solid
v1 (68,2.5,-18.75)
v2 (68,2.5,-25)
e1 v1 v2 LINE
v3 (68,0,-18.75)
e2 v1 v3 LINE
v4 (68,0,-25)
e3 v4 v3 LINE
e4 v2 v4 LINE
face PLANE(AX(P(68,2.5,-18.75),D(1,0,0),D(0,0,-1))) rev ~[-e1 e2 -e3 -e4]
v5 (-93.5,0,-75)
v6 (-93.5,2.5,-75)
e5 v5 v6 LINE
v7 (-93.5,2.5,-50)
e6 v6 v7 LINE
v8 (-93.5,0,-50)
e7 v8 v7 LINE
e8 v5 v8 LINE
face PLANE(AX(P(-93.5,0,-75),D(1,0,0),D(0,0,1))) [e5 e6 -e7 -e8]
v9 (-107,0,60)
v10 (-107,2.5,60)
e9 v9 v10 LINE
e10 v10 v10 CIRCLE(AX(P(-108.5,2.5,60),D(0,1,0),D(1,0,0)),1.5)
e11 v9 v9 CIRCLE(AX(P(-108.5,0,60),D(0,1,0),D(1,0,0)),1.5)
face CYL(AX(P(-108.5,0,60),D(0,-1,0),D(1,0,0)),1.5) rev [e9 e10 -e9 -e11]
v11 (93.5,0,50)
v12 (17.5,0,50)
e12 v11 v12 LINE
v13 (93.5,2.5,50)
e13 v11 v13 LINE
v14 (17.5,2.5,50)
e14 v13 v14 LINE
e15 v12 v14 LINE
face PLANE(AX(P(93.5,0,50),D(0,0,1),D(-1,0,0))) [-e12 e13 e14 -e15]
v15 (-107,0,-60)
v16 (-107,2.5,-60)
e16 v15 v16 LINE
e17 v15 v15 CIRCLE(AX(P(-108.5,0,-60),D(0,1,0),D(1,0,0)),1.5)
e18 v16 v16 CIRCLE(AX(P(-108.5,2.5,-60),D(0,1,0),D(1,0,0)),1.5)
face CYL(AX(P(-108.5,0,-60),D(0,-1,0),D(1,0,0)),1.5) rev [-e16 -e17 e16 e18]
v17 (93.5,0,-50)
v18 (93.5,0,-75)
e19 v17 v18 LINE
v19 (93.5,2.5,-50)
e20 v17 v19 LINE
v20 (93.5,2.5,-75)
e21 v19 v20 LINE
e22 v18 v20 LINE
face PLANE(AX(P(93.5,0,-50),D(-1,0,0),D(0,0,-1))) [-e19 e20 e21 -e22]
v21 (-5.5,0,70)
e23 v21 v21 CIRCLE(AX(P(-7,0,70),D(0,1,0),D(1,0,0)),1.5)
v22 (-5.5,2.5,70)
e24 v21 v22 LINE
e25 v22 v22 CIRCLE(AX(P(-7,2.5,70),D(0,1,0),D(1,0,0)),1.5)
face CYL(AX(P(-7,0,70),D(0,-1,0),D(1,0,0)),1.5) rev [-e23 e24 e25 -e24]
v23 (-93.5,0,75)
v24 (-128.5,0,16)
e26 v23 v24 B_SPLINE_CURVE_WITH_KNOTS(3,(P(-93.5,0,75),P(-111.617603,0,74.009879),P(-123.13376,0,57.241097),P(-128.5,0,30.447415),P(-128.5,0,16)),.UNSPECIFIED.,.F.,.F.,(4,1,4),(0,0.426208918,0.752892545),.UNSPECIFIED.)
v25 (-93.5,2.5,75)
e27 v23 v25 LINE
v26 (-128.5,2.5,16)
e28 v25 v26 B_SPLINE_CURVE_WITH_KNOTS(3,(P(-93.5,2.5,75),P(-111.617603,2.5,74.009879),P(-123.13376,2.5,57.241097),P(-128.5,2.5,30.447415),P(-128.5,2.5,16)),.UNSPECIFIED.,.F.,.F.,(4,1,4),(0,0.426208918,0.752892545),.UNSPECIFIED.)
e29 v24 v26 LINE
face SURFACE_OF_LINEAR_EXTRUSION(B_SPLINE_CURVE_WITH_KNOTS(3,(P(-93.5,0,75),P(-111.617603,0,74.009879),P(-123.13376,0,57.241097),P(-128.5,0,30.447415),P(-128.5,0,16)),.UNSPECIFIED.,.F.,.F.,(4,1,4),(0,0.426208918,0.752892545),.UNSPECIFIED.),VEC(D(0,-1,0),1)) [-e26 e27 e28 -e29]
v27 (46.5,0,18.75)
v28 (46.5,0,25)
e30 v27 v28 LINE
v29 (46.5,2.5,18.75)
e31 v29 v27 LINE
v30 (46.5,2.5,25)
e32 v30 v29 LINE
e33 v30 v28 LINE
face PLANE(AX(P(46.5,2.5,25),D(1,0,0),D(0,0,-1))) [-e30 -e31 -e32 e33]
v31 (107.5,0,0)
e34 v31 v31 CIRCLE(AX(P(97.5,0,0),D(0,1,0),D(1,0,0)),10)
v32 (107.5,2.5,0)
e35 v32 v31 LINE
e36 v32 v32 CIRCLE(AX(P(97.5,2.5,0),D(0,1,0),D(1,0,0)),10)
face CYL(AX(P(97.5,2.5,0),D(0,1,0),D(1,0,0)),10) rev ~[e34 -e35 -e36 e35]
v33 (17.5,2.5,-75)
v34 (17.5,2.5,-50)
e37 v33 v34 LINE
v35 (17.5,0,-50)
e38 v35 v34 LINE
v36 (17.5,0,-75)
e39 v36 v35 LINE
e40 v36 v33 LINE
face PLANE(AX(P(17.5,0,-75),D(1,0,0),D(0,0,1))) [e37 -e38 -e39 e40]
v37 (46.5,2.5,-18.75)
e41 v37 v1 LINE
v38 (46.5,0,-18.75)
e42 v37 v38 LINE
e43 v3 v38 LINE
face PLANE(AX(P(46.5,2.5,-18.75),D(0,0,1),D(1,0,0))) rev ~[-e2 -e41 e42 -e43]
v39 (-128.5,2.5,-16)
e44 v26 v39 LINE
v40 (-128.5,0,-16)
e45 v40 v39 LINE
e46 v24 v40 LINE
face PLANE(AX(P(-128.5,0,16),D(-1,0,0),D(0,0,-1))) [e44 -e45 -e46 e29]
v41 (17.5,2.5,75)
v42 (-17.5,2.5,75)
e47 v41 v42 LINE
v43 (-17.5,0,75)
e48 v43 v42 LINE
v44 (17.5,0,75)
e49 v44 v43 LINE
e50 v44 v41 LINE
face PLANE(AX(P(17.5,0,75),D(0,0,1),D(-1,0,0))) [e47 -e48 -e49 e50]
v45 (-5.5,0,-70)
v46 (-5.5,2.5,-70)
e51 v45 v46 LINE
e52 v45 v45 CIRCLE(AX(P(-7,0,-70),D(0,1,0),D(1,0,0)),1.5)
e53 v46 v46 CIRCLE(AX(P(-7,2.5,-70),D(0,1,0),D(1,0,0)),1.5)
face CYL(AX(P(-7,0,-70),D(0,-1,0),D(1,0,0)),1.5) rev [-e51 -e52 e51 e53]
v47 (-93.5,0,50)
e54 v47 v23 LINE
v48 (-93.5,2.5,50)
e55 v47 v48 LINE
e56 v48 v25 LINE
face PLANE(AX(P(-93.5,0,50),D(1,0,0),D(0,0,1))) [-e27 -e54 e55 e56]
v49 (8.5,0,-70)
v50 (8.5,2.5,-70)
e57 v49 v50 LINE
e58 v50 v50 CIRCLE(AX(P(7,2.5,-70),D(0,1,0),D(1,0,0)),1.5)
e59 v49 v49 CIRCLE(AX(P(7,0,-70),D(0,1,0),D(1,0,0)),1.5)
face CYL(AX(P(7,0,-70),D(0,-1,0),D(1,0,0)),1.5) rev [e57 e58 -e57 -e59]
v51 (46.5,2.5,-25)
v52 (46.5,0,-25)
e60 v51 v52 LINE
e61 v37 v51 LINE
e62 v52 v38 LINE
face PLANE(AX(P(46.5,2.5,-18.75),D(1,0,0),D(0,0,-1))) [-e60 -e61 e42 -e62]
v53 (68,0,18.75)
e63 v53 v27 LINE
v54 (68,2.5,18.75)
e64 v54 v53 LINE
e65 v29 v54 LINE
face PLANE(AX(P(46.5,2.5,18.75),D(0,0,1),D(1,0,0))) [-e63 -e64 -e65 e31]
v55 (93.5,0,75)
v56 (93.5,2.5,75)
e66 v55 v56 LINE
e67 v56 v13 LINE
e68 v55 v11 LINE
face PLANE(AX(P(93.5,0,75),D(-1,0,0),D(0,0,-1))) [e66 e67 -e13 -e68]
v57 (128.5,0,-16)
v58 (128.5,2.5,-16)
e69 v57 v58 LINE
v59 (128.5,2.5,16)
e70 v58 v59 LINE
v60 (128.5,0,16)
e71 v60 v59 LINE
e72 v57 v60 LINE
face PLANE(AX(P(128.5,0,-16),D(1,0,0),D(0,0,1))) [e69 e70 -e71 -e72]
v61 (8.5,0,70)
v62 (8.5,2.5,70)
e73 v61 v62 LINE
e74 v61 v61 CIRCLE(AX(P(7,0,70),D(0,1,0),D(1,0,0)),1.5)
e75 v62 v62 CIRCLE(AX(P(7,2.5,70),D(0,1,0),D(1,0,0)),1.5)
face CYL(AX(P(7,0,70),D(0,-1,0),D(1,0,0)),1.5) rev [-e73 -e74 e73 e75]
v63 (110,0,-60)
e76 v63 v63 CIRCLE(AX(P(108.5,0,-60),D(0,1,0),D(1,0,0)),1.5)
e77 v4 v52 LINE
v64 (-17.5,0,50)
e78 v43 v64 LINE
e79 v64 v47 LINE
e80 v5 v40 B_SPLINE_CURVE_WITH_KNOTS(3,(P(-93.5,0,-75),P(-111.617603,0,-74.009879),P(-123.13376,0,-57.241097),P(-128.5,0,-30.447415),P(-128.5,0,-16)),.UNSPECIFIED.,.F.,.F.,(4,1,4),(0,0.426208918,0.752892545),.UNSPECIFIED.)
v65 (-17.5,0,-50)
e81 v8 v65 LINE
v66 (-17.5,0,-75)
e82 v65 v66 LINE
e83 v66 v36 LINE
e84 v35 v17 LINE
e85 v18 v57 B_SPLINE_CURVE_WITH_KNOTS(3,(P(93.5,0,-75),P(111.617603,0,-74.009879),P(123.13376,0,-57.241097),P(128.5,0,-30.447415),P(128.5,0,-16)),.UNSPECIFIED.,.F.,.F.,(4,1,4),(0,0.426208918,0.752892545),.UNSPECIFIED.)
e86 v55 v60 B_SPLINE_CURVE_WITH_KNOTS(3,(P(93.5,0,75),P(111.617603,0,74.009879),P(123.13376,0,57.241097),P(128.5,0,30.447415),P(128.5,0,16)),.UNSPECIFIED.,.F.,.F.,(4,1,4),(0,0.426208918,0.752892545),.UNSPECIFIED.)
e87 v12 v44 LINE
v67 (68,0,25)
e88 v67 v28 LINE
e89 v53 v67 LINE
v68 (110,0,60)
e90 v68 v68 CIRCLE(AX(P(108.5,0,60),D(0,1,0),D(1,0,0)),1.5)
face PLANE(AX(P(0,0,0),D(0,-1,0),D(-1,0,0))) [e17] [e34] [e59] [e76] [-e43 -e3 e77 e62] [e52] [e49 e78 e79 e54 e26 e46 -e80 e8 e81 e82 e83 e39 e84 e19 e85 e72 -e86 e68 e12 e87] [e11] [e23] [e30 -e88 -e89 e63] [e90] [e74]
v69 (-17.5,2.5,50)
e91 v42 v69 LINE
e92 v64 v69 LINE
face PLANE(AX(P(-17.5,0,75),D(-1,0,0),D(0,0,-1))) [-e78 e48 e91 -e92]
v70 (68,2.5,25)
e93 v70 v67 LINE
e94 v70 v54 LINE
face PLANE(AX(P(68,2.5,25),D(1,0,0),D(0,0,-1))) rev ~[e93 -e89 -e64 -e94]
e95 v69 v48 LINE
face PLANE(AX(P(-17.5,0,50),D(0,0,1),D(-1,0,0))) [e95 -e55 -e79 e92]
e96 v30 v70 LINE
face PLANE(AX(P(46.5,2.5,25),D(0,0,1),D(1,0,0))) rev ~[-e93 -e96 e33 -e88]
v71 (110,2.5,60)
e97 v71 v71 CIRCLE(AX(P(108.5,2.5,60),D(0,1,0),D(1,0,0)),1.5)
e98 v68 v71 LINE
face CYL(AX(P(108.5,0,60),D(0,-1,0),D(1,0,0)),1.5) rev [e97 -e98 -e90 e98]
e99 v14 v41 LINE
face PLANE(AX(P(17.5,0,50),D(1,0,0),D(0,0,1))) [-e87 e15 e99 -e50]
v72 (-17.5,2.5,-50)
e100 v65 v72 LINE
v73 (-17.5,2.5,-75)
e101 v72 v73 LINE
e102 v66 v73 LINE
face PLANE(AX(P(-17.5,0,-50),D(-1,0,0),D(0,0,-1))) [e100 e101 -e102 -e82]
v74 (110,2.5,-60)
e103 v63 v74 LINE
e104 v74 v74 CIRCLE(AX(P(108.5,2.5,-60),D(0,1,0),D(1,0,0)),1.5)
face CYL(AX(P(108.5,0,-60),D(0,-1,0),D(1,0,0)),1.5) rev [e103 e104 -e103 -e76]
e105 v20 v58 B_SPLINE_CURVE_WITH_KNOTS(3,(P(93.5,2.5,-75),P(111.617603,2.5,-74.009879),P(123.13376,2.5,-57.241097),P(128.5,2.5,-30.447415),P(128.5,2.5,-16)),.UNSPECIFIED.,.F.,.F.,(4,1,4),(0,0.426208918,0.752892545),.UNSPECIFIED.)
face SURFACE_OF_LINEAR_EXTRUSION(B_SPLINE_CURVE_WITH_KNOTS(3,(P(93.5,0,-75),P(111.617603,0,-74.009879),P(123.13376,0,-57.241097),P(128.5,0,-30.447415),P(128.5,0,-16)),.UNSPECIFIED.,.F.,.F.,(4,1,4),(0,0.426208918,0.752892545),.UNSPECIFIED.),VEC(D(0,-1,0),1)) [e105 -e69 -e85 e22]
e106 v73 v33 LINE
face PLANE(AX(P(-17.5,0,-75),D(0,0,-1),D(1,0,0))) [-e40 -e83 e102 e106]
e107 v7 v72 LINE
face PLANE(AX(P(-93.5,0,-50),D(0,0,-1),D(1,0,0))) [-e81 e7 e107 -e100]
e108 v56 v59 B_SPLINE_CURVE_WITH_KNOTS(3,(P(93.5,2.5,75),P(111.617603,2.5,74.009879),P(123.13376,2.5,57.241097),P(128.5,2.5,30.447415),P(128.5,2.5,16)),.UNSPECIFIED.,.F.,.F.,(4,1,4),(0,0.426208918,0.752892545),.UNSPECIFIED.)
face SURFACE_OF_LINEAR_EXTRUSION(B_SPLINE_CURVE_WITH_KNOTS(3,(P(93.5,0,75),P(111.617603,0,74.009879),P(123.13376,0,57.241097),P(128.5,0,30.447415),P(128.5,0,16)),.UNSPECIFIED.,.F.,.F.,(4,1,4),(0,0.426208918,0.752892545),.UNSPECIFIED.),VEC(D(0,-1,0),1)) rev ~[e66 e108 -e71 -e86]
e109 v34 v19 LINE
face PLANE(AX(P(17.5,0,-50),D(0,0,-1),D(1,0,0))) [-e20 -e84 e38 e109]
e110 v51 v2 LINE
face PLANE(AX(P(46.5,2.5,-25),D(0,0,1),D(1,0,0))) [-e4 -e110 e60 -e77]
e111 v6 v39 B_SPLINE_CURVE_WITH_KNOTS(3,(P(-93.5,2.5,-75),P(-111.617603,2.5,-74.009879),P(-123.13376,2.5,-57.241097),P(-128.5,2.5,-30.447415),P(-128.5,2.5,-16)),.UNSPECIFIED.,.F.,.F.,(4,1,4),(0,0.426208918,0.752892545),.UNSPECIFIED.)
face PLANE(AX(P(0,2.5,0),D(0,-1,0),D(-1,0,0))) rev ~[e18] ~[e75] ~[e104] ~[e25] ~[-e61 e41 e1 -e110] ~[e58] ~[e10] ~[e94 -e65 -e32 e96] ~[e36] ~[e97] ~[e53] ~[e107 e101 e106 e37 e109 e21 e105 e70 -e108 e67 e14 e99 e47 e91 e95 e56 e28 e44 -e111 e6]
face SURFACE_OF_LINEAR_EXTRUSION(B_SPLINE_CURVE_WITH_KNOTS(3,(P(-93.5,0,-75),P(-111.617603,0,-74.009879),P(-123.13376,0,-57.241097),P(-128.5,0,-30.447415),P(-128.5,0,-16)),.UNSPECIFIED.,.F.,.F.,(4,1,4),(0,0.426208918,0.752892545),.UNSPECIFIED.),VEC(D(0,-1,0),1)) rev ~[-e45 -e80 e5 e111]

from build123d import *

# Parameters (mm, degrees)
SKETCH_1_R          = 1.5
EXTRUDE_1_DEPTH     = 2.5
SKETCH_2_W          = 21.5
SKETCH_2_H          = 6.25
CUT_EXTRUDE_1_DEPTH = 3.5000001
SKETCH_3_R          = 10
CUT_EXTRUDE_2_DEPTH = 3.5000001


with BuildPart() as part:
    # 草图1 → 凸台-拉伸1 (new body)
    with BuildSketch(Plane(origin=(0, 0, 0), x_dir=(1, 0, 0), z_dir=(0, 1, 0))):
        with BuildLine():
            Line((-128.499999999, -16), (-128.499999999, 16))
            add(Edge.make_bspline(
                [(-93.499999999, 75.000000013), (-111.61760277, 74.009879458), (-123.133759969, 57.24109691), (-128.499999999, 30.447414919), (-128.499999999, 16)],
                knots=[0, 0, 0, 0, 0.426208918, 0.752892545, 0.752892545, 0.752892545, 0.752892545], degree=3))
            Line((-93.499999999, 75.000000013), (-93.499999999, 50))
            Line((-93.499999999, 50), (-17.5, 50))
            Line((-17.5, 50), (-17.5, 75.000000013))
            Line((-17.5, 75.000000013), (17.5, 75.000000013))
            Line((17.5, 75.000000013), (17.5, 50))
            Line((17.5, 50), (93.499999999, 50))
            Line((93.499999999, 50), (93.499999999, 75.000000013))
            add(Edge.make_bspline(
                [(93.499999999, 75.000000013), (111.61760277, 74.009879458), (123.133759969, 57.24109691), (128.499999999, 30.447414919), (128.499999999, 16)],
                knots=[0, 0, 0, 0, 0.426208918, 0.752892545, 0.752892545, 0.752892545, 0.752892545], degree=3))
            Line((128.499999999, 16), (128.499999999, -16))
            add(Edge.make_bspline(
                [(93.499999999, -75.000000013), (111.61760277, -74.009879458), (123.133759969, -57.24109691), (128.499999999, -30.447414919), (128.499999999, -16)],
                knots=[0, 0, 0, 0, 0.426208918, 0.752892545, 0.752892545, 0.752892545, 0.752892545], degree=3))
            Line((93.499999999, -75.000000013), (93.499999999, -50))
            Line((93.499999999, -50), (17.5, -50))
            Line((17.5, -50), (17.5, -75.000000013))
            Line((17.5, -75.000000013), (-17.5, -75.000000013))
            Line((-17.5, -75.000000013), (-17.5, -50))
            Line((-17.5, -50), (-93.499999999, -50))
            Line((-93.499999999, -50), (-93.499999999, -75.000000013))
            add(Edge.make_bspline(
                [(-93.499999999, -75.000000013), (-111.61760277, -74.009879458), (-123.133759969, -57.24109691), (-128.499999999, -30.447414919), (-128.499999999, -16)],
                knots=[0, 0, 0, 0, 0.426208918, 0.752892545, 0.752892545, 0.752892545, 0.752892545], degree=3))
        make_face()
        with Locations((-108.499999999, 60)):
            Circle(SKETCH_1_R, mode=Mode.SUBTRACT)
        with Locations((-108.499999999, -60)):
            Circle(SKETCH_1_R, mode=Mode.SUBTRACT)
        with Locations((108.499999999, -60)):
            Circle(SKETCH_1_R, mode=Mode.SUBTRACT)
        with Locations((108.499999999, 60)):
            Circle(SKETCH_1_R, mode=Mode.SUBTRACT)
        with Locations((7, 70.000000013)):
            Circle(SKETCH_1_R, mode=Mode.SUBTRACT)
        with Locations((-7, 70.000000013)):
            Circle(SKETCH_1_R, mode=Mode.SUBTRACT)
        with Locations((7, -70.000000013)):
            Circle(SKETCH_1_R, mode=Mode.SUBTRACT)
        with Locations((-7, -70.000000013)):
            Circle(SKETCH_1_R, mode=Mode.SUBTRACT)
    extrude(amount=EXTRUDE_1_DEPTH)

    # 草图2 → 切除-拉伸1 (cut, through all)
    with BuildSketch(Plane(origin=(0, 2.5, 0), x_dir=(1, 0, 0), z_dir=(0, 1, 0))):
        with Locations((57.25, 21.875)):
            Rectangle(SKETCH_2_W, SKETCH_2_H)
        with Locations((57.25, -21.875)):
            Rectangle(SKETCH_2_W, SKETCH_2_H)
    extrude(amount=-CUT_EXTRUDE_1_DEPTH, mode=Mode.SUBTRACT)

    # 草图3 → 切除-拉伸2 (cut, through all)
    with BuildSketch(Plane(origin=(0, 2.5, 0), x_dir=(1, 0, 0), z_dir=(0, 1, 0))):
        with Locations((97.499999999, 0)):
            Circle(SKETCH_3_R)
    extrude(amount=-CUT_EXTRUDE_2_DEPTH, mode=Mode.SUBTRACT)


solid = part.part
